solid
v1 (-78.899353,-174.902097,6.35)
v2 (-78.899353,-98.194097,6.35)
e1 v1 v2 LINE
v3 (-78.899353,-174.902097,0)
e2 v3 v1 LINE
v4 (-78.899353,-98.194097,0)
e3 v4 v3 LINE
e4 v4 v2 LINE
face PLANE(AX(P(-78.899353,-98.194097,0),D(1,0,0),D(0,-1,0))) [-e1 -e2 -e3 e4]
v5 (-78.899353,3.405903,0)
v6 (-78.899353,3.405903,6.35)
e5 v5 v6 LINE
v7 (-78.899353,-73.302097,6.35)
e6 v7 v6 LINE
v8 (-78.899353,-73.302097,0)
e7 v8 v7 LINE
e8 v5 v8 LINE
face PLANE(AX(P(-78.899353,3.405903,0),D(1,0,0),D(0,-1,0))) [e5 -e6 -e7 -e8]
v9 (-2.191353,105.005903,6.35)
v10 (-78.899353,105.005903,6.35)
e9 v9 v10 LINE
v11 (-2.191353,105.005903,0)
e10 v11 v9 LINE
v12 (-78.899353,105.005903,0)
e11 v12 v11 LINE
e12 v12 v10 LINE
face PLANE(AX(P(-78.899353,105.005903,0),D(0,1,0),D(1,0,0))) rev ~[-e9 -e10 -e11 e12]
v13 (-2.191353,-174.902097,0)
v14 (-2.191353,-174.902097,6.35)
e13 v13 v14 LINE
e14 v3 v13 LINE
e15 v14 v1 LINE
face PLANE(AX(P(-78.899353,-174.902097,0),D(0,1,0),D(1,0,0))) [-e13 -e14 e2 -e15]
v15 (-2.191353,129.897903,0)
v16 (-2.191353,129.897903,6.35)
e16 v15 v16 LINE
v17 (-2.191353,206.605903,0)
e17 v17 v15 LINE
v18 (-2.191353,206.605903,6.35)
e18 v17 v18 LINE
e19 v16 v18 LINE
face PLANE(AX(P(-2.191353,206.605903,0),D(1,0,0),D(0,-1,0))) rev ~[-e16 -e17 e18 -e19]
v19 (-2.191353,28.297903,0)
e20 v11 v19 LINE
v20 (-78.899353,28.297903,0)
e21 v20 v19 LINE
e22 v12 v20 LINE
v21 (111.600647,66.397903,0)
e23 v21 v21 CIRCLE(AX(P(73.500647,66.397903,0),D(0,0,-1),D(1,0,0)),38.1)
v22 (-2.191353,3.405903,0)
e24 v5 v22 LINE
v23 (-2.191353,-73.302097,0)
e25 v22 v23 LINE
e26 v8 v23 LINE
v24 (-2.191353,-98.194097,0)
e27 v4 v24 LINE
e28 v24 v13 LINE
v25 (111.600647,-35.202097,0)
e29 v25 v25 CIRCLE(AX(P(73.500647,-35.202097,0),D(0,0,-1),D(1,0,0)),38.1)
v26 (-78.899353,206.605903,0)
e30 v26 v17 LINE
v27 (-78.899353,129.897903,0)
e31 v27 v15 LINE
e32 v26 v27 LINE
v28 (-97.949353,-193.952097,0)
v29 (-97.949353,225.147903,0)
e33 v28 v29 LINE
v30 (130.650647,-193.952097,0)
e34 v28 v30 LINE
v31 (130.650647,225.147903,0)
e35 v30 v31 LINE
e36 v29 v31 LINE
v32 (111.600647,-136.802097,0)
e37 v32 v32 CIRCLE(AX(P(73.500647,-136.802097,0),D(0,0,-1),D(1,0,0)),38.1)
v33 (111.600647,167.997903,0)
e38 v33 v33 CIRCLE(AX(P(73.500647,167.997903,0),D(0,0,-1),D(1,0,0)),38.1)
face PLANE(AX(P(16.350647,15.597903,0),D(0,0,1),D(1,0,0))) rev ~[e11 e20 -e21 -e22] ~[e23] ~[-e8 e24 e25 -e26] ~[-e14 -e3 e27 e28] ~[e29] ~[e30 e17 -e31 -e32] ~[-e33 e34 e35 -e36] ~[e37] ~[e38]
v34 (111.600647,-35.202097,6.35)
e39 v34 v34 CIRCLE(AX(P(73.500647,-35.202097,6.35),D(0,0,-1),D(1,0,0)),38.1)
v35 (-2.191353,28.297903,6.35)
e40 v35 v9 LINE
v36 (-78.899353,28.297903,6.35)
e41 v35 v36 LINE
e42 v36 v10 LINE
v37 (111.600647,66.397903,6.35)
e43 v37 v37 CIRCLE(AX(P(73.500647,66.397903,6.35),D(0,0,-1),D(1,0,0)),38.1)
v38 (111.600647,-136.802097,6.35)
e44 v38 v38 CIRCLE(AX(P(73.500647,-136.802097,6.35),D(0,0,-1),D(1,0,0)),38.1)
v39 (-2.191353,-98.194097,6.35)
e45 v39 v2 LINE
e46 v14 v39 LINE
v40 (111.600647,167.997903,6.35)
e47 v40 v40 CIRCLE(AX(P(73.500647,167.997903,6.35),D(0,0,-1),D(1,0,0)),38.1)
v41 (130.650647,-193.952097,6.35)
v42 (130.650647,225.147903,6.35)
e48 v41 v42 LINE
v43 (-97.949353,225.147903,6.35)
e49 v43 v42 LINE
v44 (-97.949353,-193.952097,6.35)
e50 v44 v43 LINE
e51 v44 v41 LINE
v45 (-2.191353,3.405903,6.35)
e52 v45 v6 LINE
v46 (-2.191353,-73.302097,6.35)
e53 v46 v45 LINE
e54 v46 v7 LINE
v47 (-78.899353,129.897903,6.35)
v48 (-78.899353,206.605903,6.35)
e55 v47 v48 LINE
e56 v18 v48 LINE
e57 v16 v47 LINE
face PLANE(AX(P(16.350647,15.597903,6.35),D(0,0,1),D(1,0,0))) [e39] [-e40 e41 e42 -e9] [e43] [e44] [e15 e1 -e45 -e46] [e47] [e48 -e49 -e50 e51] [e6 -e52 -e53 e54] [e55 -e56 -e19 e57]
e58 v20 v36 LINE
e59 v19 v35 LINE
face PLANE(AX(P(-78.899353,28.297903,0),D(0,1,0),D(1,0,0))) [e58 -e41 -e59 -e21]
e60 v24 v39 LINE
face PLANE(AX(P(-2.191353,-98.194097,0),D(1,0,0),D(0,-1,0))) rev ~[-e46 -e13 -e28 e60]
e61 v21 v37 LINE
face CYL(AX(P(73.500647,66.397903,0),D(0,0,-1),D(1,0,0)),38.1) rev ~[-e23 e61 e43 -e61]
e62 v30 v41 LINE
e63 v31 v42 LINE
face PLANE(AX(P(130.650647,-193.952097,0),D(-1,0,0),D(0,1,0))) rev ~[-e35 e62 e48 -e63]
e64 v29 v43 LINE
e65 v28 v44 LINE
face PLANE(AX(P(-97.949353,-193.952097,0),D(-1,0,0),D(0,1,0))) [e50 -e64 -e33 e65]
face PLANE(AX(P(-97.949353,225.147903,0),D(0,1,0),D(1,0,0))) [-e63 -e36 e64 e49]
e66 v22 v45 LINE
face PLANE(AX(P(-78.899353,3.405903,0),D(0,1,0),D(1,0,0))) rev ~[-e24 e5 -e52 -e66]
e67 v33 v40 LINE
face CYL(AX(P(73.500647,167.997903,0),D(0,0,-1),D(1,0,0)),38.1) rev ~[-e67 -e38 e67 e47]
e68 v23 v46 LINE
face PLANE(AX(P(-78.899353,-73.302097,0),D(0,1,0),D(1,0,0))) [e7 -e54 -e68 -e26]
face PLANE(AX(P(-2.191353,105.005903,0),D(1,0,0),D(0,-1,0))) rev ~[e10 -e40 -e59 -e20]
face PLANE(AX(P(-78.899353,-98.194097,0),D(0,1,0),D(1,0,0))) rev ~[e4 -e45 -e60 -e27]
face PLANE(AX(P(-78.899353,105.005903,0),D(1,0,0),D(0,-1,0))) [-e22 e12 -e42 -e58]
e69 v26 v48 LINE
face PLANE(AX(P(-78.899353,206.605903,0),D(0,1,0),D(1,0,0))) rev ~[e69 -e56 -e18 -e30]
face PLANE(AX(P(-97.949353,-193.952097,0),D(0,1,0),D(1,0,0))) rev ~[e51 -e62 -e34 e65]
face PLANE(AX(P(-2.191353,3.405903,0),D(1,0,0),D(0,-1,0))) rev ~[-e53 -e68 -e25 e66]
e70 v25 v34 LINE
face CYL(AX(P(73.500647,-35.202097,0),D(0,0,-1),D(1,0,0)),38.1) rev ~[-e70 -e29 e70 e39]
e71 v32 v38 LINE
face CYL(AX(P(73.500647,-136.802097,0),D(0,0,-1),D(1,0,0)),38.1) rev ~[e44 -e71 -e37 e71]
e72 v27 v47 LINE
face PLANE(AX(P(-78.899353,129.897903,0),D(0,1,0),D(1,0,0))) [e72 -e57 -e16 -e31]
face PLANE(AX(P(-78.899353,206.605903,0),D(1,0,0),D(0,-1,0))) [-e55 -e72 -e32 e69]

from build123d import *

# Parameters (mm, degrees)
F0_W     = 228.6
F0_H     = 419.1
F1_DEPTH = 6.35
F2_W     = 76.708
F2_H     = 76.708
F3_DEPTH = 25.4
F4_R     = 38.1
F5_DEPTH = 25.4


with BuildPart() as f1:
    # F0 (on Top) → F1 (new body)
    with BuildSketch(Plane.XY):
        with Locations((16.350647, 15.597903)):
            Rectangle(F0_W, F0_H)
    extrude(amount=F1_DEPTH)

    # F2 (on face) → F3 (cut)
    with BuildSketch(Plane(origin=(0, 0, 0), x_dir=(1, 0, 0), z_dir=(0, 0, -1))):
        with Locations((-40.545353, 136.548097)):
            Rectangle(F2_W, F2_H)
        with Locations((-40.545353, 34.948097)):
            Rectangle(F2_W, F2_H)
        with Locations((-40.545353, -66.651903)):
            Rectangle(F2_W, F2_H)
        with Locations((-40.545353, -168.251903)):
            Rectangle(F2_W, F2_H)
    extrude(amount=-F3_DEPTH, mode=Mode.SUBTRACT)

    # F4 (on face) → F5 (cut)
    with BuildSketch(Plane(origin=(0, 0, 0), x_dir=(1, 0, 0), z_dir=(0, 0, -1))):
        with Locations((73.500647, 136.802097)):
            Circle(F4_R)
        with Locations((73.500647, 35.202097)):
            Circle(F4_R)
        with Locations((73.500647, -66.397903)):
            Circle(F4_R)
        with Locations((73.500647, -167.997903)):
            Circle(F4_R)
    extrude(amount=-F5_DEPTH, mode=Mode.SUBTRACT)


solid = f1.part
